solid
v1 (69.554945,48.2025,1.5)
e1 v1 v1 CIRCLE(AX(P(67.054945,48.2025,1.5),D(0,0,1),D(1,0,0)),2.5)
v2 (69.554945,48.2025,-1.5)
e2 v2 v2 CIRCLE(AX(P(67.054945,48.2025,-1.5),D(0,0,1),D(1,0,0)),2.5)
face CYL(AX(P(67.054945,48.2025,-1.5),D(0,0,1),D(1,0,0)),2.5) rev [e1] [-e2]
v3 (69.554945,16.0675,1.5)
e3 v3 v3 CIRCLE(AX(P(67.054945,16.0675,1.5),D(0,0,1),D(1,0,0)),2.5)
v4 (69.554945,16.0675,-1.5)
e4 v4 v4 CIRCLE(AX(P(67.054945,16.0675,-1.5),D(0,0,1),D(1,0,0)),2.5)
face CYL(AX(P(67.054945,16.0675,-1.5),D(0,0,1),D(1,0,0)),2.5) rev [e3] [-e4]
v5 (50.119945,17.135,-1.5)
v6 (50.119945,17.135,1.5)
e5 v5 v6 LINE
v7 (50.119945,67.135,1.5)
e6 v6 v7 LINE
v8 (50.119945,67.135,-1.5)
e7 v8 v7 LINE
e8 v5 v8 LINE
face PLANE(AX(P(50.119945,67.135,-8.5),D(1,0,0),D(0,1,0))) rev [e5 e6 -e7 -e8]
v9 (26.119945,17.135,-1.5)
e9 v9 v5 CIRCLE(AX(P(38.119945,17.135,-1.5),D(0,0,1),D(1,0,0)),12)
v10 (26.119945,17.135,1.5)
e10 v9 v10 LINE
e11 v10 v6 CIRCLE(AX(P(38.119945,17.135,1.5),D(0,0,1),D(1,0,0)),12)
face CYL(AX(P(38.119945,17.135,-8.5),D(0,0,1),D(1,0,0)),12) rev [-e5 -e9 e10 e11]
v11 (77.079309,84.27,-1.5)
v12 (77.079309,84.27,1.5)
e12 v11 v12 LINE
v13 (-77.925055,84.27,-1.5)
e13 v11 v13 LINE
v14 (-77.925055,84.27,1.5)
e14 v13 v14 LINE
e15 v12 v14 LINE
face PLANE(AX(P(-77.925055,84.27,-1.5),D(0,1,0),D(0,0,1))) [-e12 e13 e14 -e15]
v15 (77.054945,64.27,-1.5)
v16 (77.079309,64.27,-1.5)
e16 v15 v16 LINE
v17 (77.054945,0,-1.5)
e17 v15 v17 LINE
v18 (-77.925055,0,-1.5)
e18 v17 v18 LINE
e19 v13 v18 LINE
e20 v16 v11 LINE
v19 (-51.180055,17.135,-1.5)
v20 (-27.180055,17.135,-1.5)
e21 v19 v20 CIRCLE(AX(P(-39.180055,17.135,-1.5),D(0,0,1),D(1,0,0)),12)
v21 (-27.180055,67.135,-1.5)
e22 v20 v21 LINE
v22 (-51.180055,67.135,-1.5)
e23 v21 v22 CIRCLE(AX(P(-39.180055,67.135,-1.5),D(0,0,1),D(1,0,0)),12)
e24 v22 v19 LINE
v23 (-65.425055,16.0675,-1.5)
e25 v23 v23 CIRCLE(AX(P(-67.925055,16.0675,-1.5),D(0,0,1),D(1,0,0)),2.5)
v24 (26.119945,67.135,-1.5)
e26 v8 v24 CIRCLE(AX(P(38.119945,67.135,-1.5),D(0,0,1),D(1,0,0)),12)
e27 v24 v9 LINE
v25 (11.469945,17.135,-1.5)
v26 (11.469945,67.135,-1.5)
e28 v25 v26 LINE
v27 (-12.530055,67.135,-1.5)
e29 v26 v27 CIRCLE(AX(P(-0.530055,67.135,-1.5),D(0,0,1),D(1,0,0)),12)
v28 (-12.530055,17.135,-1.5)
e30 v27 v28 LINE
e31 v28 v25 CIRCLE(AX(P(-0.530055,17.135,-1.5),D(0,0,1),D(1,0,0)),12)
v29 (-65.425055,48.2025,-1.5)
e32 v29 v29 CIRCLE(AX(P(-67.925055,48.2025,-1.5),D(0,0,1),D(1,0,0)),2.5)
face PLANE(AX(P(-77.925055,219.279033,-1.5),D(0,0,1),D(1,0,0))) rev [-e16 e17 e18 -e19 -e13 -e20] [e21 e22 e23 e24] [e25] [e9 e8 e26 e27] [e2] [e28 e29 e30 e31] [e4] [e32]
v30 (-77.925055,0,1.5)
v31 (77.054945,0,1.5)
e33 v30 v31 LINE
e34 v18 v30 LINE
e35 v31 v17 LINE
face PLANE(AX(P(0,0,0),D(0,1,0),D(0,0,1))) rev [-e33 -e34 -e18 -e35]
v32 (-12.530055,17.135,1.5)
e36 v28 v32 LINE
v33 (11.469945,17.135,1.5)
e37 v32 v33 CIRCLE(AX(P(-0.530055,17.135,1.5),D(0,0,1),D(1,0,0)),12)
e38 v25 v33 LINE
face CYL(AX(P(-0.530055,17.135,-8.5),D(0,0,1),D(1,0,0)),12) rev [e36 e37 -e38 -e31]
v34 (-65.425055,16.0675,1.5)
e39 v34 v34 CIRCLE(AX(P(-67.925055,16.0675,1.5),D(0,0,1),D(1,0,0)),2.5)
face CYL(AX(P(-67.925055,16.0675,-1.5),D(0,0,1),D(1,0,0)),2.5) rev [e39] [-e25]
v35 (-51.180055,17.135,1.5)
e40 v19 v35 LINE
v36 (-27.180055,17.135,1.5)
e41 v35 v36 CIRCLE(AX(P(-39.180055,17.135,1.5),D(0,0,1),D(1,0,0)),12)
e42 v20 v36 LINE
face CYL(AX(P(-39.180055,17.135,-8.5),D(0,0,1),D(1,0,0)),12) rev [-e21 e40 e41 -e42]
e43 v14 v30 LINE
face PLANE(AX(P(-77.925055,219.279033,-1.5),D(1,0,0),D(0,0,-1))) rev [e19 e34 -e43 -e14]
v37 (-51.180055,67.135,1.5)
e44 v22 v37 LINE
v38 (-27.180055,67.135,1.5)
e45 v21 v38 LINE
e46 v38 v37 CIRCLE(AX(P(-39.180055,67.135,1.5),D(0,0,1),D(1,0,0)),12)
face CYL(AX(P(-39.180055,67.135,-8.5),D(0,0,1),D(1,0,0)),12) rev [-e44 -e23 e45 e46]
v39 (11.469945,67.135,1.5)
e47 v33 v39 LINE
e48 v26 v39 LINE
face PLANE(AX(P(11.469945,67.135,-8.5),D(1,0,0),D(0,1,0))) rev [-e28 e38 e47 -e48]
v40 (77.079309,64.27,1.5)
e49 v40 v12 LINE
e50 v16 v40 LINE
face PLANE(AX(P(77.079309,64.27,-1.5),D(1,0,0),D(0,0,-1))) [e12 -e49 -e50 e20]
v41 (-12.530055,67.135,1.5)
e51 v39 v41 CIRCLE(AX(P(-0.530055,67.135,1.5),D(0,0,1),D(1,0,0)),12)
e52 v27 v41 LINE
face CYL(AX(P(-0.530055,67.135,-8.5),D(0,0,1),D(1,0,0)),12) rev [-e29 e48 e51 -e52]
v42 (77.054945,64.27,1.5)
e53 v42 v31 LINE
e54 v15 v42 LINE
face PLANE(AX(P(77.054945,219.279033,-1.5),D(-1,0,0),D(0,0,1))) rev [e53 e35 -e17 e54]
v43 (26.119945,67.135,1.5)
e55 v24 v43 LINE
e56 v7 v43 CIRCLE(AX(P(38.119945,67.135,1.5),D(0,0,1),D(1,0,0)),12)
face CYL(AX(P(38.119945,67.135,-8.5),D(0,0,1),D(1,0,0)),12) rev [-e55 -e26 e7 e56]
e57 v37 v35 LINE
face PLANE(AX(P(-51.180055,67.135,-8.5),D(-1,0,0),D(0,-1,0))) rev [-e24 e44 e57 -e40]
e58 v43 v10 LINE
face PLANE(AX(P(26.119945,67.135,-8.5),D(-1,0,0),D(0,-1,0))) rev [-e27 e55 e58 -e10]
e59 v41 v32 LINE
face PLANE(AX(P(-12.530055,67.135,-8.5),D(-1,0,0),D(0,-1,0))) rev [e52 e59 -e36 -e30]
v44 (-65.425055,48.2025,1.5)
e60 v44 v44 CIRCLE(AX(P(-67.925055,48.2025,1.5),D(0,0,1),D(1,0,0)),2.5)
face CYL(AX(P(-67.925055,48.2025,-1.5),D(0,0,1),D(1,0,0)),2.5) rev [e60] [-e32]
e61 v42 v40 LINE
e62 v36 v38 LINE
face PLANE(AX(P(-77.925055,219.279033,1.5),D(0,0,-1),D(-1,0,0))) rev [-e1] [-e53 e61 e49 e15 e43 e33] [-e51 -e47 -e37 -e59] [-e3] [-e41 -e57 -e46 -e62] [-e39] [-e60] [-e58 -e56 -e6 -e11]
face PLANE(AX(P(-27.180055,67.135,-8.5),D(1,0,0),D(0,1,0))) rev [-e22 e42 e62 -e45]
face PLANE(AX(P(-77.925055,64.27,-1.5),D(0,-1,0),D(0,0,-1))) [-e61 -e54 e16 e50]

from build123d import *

# Parameters (mm, degrees)
ESQUISSE2_W             = 154.98
ESQUISSE2_H             = 3
BOSS_EXTRU_1_DEPTH      = 64.27
ESQUISSE3_R             = 2.5
ENL_V_MAT_EXTRU_1_DEPTH = 102.054178938
ENL_V_MAT_EXTRU_2_DEPTH = 102.054178938
SKETCH1_W               = 155.004364221
SKETCH1_H               = 20
BOSS_EXTRUDE1_DEPTH     = 3
CUT_EXTRUDE1_DEPTH      = 10


with BuildPart() as part:
    # Esquisse2 → Boss.-Extru.1 (new body)
    with BuildSketch(Plane(origin=(0, 0, 0), x_dir=(1, 0, 0), z_dir=(0, 1, 0))):
        with Locations((-0.435054897, 0)):
            Rectangle(ESQUISSE2_W, ESQUISSE2_H)
    extrude(amount=BOSS_EXTRU_1_DEPTH)

    # Esquisse3 → Enlèv. mat.-Extru.1 (cut, through all)
    with BuildSketch(Plane.XY.offset(1.5)):
        with Locations((-67.925054897, 16.0675)):
            Circle(ESQUISSE3_R)
        with Locations((-67.925054897, 48.2025)):
            Circle(ESQUISSE3_R)
        with Locations((67.054945103, 48.2025)):
            Circle(ESQUISSE3_R)
        with Locations((67.054945103, 16.0675)):
            Circle(ESQUISSE3_R)
    extrude(amount=-ENL_V_MAT_EXTRU_1_DEPTH, mode=Mode.SUBTRACT)

    # Esquisse4 → Enlèv. mat.-Extru.2 (cut, through all)
    with BuildSketch(Plane.XY.offset(1.5)):
        with BuildLine():
            Line((-41.680054897, 47.135), (-41.680054897, 17.135))
            ThreePointArc((-41.680054897, 17.135), (-39.180054897, 14.635), (-36.680054897, 17.135))
            Line((-36.680054897, 17.135), (-36.680054897, 47.135))
            ThreePointArc((-36.680054897, 47.135), (-39.180054897, 49.635), (-41.680054897, 47.135))
        make_face()
        with BuildLine():
            Line((-2.935054897, 47.135), (-2.935054897, 17.135))
            ThreePointArc((-2.935054897, 17.135), (-0.435054897, 14.635), (2.064945103, 17.135))
            Line((2.064945103, 17.135), (2.064945103, 47.135))
            ThreePointArc((2.064945103, 47.135), (-0.435054897, 49.635), (-2.935054897, 47.135))
        make_face()
        with BuildLine():
            Line((35.809945103, 47.135), (35.809945103, 17.135))
            ThreePointArc((35.809945103, 17.135), (38.309945103, 14.635), (40.809945103, 17.135))
            Line((40.809945103, 17.135), (40.809945103, 47.135))
            ThreePointArc((40.809945103, 47.135), (38.309945103, 49.635), (35.809945103, 47.135))
        make_face()
    extrude(amount=-ENL_V_MAT_EXTRU_2_DEPTH, mode=Mode.SUBTRACT)

    # Sketch1 → Boss-Extrude1 (add)
    with BuildSketch(Plane.XY.offset(1.5)):
        with Locations((-0.422872787, 74.27)):
            Rectangle(SKETCH1_W, SKETCH1_H)
    extrude(amount=-BOSS_EXTRUDE1_DEPTH)

    # Sketch2 → Cut-Extrude1 (cut)
    with BuildSketch(Plane.XY.offset(1.5)):
        with BuildLine():
            Line((-27.180054897, 67.135), (-27.180054897, 17.135))
            ThreePointArc((-27.180054897, 17.135), (-39.180054897, 5.135), (-51.180054897, 17.135))
            Line((-51.180054897, 17.135), (-51.180054897, 67.135))
            ThreePointArc((-51.180054897, 67.135), (-39.180054897, 79.135), (-27.180054897, 67.135))
        make_face()
        with BuildLine():
            Line((-12.530054897, 67.135), (-12.530054897, 17.135))
            ThreePointArc((-12.530054897, 17.135), (-0.530054897, 5.135), (11.469945103, 17.135))
            Line((11.469945103, 17.135), (11.469945103, 67.135))
            ThreePointArc((11.469945103, 67.135), (-0.530054897, 79.135), (-12.530054897, 67.135))
        make_face()
        with BuildLine():
            Line((26.119945103, 67.135), (26.119945103, 17.135))
            ThreePointArc((26.119945103, 17.135), (38.119945103, 5.135), (50.119945103, 17.135))
            Line((50.119945103, 17.135), (50.119945103, 67.135))
            ThreePointArc((50.119945103, 67.135), (38.119945103, 79.135), (26.119945103, 67.135))
        make_face()
    extrude(amount=-CUT_EXTRUDE1_DEPTH, mode=Mode.SUBTRACT)


solid = part.part
